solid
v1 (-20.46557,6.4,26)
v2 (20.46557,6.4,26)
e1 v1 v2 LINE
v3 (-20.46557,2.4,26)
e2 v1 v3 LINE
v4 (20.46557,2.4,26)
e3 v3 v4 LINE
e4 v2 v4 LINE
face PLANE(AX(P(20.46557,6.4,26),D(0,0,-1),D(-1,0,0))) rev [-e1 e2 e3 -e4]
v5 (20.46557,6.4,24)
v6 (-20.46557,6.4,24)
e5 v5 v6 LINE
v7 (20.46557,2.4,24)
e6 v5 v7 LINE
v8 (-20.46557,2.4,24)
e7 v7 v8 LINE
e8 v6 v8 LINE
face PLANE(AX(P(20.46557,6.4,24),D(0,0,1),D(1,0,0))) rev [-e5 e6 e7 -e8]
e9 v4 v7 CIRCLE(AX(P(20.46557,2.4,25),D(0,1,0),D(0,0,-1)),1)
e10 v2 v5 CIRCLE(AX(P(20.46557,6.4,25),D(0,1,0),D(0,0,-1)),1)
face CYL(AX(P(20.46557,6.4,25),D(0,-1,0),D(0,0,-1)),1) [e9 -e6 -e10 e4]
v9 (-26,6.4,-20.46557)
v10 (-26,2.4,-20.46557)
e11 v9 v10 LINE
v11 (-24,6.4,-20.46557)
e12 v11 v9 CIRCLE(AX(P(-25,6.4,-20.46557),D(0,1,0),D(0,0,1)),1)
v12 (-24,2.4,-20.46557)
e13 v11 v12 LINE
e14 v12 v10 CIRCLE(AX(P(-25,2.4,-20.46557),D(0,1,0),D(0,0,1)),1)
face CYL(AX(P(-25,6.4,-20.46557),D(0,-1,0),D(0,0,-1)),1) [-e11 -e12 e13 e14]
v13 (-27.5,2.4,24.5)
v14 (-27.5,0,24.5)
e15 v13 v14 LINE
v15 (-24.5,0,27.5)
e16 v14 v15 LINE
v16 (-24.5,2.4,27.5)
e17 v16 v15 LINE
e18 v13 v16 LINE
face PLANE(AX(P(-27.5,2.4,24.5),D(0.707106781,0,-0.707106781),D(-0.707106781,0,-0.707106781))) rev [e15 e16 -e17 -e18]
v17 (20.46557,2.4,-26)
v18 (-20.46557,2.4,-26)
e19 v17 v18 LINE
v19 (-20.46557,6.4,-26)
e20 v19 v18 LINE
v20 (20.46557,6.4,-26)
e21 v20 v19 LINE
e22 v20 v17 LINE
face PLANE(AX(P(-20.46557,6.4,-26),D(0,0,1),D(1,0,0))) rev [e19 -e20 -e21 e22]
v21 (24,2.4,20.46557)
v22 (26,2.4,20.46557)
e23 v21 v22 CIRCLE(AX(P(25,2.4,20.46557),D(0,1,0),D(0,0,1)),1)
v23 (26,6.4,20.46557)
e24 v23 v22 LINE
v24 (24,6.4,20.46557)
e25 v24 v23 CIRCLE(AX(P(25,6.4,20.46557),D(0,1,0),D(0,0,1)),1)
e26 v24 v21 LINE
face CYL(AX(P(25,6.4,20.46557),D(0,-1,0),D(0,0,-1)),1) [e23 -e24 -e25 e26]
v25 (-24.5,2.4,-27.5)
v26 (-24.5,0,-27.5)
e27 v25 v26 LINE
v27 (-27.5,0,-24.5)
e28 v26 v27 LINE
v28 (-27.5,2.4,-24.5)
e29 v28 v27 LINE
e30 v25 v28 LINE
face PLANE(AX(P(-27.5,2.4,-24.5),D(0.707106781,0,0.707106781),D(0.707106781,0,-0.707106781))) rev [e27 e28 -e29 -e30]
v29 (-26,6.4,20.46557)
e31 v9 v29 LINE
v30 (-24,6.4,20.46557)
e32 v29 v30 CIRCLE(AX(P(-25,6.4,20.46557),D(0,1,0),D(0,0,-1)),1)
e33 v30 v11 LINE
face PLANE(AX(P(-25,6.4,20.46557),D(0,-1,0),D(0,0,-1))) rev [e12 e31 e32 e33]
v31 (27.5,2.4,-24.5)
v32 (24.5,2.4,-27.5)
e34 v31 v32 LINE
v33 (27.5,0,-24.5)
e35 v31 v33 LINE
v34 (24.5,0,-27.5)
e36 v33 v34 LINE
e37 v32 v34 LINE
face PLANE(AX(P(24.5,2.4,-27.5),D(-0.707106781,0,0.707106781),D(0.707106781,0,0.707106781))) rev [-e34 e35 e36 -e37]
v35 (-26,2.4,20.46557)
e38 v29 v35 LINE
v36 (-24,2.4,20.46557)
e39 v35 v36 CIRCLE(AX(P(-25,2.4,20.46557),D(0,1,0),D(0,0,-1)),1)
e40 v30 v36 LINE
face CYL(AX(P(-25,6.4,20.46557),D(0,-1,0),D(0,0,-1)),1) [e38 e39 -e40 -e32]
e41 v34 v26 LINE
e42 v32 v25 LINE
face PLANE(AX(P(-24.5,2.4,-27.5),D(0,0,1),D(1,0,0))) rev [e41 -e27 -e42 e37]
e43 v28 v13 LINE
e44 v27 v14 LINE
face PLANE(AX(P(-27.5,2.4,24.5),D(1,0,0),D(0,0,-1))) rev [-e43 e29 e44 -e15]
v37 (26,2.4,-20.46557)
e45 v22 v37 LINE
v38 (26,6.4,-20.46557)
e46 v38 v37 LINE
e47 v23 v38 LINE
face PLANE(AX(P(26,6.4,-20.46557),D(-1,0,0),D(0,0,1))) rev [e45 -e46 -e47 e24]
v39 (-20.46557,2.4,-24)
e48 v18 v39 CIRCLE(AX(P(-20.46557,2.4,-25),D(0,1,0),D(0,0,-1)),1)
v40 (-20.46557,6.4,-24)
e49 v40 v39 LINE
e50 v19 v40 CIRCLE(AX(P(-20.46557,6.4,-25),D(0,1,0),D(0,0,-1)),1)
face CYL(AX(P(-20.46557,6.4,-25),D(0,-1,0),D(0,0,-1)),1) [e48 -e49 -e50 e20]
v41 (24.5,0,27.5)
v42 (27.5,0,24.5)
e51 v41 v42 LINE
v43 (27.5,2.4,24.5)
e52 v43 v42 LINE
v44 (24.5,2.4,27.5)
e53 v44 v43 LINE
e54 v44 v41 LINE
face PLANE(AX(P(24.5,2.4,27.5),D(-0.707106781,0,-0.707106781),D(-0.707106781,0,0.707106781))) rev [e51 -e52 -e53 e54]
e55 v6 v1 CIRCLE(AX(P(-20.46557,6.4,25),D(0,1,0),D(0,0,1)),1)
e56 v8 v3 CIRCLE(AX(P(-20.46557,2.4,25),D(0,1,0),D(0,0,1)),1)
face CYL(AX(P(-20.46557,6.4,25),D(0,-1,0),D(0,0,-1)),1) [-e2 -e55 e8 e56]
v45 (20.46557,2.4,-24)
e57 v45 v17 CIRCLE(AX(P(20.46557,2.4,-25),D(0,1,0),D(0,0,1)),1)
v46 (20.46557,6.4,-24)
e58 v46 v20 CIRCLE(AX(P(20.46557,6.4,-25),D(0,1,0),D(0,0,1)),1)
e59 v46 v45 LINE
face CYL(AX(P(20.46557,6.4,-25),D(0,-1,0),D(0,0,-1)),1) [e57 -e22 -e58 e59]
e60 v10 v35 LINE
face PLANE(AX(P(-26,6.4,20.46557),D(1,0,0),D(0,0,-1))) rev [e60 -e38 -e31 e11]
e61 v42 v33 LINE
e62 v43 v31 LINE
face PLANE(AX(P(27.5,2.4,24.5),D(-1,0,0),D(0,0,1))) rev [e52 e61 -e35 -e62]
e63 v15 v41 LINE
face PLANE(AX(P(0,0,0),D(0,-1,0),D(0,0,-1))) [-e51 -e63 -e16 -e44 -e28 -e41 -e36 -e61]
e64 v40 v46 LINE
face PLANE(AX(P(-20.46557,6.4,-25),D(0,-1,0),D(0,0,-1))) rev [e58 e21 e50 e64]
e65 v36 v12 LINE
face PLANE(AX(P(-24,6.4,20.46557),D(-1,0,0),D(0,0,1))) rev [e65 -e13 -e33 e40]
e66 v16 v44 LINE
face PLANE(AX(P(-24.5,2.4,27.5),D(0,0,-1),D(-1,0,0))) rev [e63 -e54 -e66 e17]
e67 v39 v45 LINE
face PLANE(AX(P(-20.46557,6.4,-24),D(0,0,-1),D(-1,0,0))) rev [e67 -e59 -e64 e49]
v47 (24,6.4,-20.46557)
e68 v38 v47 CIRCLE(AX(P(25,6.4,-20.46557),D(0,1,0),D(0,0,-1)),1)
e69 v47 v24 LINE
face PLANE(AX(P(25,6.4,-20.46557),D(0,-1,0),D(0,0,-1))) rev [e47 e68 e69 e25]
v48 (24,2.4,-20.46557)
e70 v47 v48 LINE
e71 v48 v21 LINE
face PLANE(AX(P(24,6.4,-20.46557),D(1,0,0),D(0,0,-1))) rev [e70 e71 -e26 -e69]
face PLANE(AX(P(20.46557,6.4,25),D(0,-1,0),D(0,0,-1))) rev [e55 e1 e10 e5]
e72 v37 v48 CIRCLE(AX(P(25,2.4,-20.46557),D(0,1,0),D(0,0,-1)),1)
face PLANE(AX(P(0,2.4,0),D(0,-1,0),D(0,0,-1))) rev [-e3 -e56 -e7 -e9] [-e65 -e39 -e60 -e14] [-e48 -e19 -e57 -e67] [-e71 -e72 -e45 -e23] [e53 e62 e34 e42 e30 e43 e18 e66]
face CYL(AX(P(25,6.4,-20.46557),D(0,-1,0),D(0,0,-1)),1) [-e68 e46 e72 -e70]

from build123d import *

# Parameters (mm, degrees)
BOSS_EXTRUDE1_DEPTH = 2.4
BOSS_EXTRUDE2_DEPTH = 4


with BuildPart() as part:
    # Sketch1 → Boss-Extrude1 (new body)
    with BuildSketch(Plane(origin=(0, 0, 0), x_dir=(1, 0, 0), z_dir=(0, 1, 0))):
        Polygon((-27.5, 24.5), (-24.5, 27.5), (24.5, 27.5), (27.5, 24.5), (27.5, -24.5), (24.5, -27.5), (-24.5, -27.5), (-27.5, -24.5), align=None)
    extrude(amount=BOSS_EXTRUDE1_DEPTH)

    # Sketch2 → Boss-Extrude2 (add)
    with BuildSketch(Plane(origin=(0, 2.4, 0), x_dir=(1, 0, 0), z_dir=(0, 1, 0))):
        with BuildLine():
            Line((-24, -20.465570271), (-24, 20.465570271))
            ThreePointArc((-24, 20.465570271), (-25, 21.465570271), (-26, 20.465570271))
            Line((-26, 20.465570271), (-26, -20.465570271))
            ThreePointArc((-26, -20.465570271), (-25, -21.465570271), (-24, -20.465570271))
        make_face()
        with BuildLine():
            Line((-20.465570271, 24), (20.465570271, 24))
            ThreePointArc((20.465570271, 24), (21.465570271, 25), (20.465570271, 26))
            Line((20.465570271, 26), (-20.465570271, 26))
            ThreePointArc((-20.465570271, 26), (-21.465570271, 25), (-20.465570271, 24))
        make_face()
        with BuildLine():
            Line((24, 20.465570271), (24, -20.465570271))
            ThreePointArc((24, -20.465570271), (25, -21.465570271), (26, -20.465570271))
            Line((26, -20.465570271), (26, 20.465570271))
            ThreePointArc((26, 20.465570271), (25, 21.465570271), (24, 20.465570271))
        make_face()
        with BuildLine():
            Line((20.465570271, -24), (-20.465570271, -24))
            ThreePointArc((-20.465570271, -24), (-21.465570271, -25), (-20.465570271, -26))
            Line((-20.465570271, -26), (20.465570271, -26))
            ThreePointArc((20.465570271, -26), (21.465570271, -25), (20.465570271, -24))
        make_face()
    extrude(amount=BOSS_EXTRUDE2_DEPTH)


solid = part.part
